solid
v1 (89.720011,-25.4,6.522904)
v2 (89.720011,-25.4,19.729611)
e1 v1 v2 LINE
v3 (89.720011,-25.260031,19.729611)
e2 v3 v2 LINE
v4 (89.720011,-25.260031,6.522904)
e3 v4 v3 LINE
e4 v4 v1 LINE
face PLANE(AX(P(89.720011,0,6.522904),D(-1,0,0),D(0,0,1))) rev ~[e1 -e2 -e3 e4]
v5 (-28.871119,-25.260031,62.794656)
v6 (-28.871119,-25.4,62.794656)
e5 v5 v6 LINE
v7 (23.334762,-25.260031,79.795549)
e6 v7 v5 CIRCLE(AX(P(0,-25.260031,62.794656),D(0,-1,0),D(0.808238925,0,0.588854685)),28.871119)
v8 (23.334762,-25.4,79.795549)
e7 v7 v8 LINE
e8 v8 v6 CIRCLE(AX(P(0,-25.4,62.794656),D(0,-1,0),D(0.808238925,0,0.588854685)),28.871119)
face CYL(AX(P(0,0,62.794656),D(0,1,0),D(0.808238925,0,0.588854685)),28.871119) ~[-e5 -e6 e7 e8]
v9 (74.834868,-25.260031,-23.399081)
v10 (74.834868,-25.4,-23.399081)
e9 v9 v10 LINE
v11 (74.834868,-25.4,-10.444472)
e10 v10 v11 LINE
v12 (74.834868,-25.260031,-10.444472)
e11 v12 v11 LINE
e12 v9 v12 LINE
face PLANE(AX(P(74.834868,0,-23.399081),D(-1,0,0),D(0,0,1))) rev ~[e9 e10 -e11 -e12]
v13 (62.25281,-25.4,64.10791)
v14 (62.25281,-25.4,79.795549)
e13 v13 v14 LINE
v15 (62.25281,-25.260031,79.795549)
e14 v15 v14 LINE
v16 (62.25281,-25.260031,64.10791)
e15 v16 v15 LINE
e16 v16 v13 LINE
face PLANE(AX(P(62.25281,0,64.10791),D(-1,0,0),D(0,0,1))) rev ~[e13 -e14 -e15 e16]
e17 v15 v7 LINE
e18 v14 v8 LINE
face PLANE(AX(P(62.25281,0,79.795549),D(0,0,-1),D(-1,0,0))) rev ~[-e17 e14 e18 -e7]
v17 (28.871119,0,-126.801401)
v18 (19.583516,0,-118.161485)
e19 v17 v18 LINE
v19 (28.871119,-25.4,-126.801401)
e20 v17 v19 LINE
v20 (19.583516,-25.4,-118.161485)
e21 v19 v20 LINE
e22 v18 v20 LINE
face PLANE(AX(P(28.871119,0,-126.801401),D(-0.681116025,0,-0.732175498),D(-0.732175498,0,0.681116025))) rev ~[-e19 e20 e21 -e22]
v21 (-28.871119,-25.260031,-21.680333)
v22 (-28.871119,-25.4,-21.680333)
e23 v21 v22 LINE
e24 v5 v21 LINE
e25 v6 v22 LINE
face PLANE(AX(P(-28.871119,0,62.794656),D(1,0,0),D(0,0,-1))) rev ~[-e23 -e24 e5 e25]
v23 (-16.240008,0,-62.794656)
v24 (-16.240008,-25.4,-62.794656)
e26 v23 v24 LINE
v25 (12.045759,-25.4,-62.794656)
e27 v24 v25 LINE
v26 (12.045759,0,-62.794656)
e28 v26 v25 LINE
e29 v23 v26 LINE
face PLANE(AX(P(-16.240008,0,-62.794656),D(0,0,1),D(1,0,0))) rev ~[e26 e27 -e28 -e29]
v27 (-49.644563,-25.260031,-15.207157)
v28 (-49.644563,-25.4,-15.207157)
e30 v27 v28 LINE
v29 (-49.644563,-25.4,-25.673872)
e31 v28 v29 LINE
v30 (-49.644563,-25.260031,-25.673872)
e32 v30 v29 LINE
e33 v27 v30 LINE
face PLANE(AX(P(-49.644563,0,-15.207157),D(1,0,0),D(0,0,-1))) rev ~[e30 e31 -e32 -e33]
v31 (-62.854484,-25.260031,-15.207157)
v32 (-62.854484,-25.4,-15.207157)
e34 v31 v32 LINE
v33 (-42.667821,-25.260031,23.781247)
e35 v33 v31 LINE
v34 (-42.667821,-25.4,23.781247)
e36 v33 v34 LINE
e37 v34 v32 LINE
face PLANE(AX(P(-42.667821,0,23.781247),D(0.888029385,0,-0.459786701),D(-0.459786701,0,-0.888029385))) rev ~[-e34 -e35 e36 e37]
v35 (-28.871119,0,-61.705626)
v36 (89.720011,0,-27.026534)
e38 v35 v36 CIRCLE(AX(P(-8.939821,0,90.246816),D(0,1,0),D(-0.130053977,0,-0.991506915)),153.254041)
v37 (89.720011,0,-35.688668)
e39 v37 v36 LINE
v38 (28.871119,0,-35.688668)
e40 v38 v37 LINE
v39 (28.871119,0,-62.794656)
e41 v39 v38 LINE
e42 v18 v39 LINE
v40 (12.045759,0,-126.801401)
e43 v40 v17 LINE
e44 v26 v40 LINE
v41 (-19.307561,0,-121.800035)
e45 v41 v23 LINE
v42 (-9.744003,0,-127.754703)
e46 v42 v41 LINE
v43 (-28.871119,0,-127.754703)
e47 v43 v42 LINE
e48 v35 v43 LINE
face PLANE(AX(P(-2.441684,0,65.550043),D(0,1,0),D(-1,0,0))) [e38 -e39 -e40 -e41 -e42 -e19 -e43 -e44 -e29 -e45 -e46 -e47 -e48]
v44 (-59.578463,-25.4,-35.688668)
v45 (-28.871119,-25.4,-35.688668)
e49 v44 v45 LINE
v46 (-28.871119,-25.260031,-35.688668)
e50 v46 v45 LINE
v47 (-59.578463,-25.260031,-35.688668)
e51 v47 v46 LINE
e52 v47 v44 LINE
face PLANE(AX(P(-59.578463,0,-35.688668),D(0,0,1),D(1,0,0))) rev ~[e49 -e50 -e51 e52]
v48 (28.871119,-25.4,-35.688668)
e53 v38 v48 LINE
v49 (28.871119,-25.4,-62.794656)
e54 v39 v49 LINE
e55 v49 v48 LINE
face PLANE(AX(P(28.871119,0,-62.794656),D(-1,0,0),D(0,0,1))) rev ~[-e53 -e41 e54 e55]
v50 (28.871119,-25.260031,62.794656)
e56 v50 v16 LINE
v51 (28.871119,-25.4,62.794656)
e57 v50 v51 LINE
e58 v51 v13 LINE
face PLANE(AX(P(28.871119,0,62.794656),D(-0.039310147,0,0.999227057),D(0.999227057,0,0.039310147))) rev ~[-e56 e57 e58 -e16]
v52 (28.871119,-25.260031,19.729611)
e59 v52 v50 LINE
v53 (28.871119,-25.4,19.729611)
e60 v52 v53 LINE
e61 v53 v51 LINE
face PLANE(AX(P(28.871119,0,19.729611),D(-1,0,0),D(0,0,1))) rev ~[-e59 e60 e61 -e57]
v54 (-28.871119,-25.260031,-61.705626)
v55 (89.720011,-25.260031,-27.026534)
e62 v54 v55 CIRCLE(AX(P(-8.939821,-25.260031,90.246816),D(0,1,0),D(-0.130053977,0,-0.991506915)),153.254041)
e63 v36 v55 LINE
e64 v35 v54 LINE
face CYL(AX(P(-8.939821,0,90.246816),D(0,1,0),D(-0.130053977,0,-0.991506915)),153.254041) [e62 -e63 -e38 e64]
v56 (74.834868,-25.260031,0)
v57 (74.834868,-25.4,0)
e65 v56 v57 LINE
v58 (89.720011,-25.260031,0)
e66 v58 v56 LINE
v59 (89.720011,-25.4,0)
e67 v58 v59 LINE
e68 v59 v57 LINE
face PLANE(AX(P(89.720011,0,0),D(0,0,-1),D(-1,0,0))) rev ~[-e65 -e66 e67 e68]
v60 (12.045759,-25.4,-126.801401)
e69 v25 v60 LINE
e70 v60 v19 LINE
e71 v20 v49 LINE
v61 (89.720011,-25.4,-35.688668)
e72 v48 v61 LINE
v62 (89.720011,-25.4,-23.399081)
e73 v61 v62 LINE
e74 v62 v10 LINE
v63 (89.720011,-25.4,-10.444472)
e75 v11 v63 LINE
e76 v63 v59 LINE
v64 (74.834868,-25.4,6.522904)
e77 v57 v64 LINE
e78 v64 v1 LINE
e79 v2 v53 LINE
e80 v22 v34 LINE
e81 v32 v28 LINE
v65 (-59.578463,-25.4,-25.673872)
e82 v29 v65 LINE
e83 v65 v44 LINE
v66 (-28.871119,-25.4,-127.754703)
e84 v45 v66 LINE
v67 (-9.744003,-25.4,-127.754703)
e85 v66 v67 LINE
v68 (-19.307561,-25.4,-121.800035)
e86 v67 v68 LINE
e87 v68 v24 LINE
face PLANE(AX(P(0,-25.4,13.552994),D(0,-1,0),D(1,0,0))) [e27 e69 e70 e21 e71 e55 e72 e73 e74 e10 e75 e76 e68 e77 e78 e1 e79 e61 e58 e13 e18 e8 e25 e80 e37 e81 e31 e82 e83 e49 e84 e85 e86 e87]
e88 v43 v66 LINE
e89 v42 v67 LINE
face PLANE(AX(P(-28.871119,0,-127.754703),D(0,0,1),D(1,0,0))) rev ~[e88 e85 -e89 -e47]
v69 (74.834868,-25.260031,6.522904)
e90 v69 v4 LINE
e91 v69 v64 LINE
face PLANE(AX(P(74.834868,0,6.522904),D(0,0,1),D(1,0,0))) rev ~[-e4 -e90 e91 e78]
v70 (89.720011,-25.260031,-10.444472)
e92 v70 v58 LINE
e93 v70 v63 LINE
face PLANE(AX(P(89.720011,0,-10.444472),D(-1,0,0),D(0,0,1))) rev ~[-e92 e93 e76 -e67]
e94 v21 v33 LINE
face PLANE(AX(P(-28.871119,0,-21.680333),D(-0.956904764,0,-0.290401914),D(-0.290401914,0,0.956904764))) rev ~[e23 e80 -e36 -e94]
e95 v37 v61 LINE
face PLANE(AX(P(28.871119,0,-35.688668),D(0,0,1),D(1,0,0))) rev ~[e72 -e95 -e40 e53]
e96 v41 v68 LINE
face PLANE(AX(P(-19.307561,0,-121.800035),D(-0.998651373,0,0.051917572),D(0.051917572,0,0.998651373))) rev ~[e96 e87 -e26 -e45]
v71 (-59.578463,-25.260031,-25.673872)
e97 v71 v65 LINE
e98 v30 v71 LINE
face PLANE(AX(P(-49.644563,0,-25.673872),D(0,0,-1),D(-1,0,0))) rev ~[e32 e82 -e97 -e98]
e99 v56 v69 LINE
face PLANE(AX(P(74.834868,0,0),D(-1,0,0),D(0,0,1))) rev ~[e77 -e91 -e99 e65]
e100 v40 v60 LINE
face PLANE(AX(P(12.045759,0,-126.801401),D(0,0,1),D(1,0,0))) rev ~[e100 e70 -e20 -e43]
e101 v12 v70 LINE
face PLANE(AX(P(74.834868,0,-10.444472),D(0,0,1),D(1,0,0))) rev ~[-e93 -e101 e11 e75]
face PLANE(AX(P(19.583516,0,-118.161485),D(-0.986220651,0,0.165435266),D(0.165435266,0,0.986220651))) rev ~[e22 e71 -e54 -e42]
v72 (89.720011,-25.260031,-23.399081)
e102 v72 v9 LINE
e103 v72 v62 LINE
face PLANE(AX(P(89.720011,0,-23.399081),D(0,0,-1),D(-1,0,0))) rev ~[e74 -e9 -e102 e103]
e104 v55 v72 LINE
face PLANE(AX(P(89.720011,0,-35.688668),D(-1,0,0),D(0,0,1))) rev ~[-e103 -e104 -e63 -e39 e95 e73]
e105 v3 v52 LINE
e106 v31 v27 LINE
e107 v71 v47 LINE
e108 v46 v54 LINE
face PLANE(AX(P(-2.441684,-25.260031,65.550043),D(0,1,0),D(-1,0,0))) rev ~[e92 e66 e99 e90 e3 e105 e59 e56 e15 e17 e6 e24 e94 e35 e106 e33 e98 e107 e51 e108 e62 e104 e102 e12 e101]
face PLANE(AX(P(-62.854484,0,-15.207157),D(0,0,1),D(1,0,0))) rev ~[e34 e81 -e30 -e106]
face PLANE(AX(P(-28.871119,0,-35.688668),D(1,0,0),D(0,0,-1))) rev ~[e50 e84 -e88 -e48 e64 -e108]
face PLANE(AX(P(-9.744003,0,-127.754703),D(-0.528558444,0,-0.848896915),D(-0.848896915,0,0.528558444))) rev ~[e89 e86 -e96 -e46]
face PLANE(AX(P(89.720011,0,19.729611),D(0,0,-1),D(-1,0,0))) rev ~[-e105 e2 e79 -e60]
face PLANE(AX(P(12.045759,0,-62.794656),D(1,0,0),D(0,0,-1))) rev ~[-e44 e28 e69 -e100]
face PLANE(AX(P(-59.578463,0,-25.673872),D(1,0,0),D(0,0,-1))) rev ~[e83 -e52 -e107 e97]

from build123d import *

# Parameters (mm, degrees)
F1_DEPTH = 25.4
F3_DEPTH = 25.2600312233


with BuildPart() as f1:
    # F0 (on Front) → F1 (new body)
    with BuildSketch(Plane.XZ):
        Polygon((28.8711190224, 19.7296105325), (28.8711190224, 62.7946555614), (-28.8711190224, 62.7946555614), (-28.8711190224, -21.6803327203), (-28.8711190224, -35.6886684895), (28.8711190224, -35.6886684895), align=None)
        with BuildLine():
            Line((-28.8711190224, 62.7946555614), (28.8711190224, 62.7946555614))
            ThreePointArc((28.8711190224, 62.7946555614), (27.4521603023, 71.7344770551), (23.3347622032, 79.7955492593))
            ThreePointArc((23.3347622032, 79.7955492593), (-8.9398214937, 90.2468158638), (-28.8711190224, 62.7946555614))
        make_face()
        with BuildLine():
            ThreePointArc((23.3347622032, 79.7955492593), (27.4521603023, 71.7344770551), (28.8711190224, 62.7946555614))
            Line((28.8711190224, 62.7946555614), (62.2528098973, 64.1079097986))
            Line((62.2528098973, 64.1079097986), (62.2528098973, 79.7955492593))
            Line((62.2528098973, 79.7955492593), (23.3347622032, 79.7955492593))
        make_face()
        Polygon((74.5094120502, 19.7296105325), (28.8711190224, 19.7296105325), (28.8711190224, -35.6886684895), (89.7200107574, -35.6886684895), (89.7200107574, -23.3990810812), (74.8348683119, -23.3990810812), (74.8348683119, -10.4444716126), (89.7200107574, -10.4444716126), (89.7200107574, 0), (74.8348683119, 0), (74.8348683119, 6.5229041502), (89.7200107574, 6.5229041502), (89.7200107574, 19.7296105325), align=None)
        Polygon((-28.8711190224, -35.6886684895), (-28.8711190224, -21.6803327203), (-42.6678210497, 23.781247437), (-62.8544837236, -15.207156539), (-49.6445633471, -15.207156539), (-49.6445633471, -25.6738718599), (-59.5784634352, -25.6738718599), (-59.5784634352, -35.6886684895), align=None)
        Polygon((28.8711190224, -62.7946555614), (28.8711190224, -35.6886684895), (-28.8711190224, -35.6886684895), (-28.8711190224, -62.7946555614), (-16.2400081754, -62.7946555614), (12.0457587764, -62.7946555614), align=None)
        Polygon((19.5835158229, -118.1614845991), (28.8711190224, -62.7946555614), (12.0457587764, -62.7946555614), (12.0457587764, -126.8014013767), (28.8711190224, -126.8014013767), align=None)
        Polygon((-16.2400081754, -62.7946555614), (-28.8711190224, -62.7946555614), (-28.8711190224, -115.8453673124), (-19.3075612187, -121.8000352383), align=None)
        Polygon((-19.3075612187, -121.8000352383), (-28.8711190224, -115.8453673124), (-28.8711190224, -127.7547031641), (-9.7440034151, -127.7547031641), align=None)
    extrude(amount=F1_DEPTH)

    # F2 (on face) → F3 (join)
    with BuildSketch(Plane(origin=(0, 0, 0), x_dir=(-1, 0, 0), z_dir=(0, 1, 0))):
        with BuildLine():
            ThreePointArc((28.8711190224, -61.7056259644), (124.1382439979, -10.8280309146), (162.1938628718, 90.2468158638))
            ThreePointArc((162.1938628718, 90.2468158638), (-55.7393219165, 229.1835266585), (-89.7200107575, -27.0265344717))
            Line((-89.7200107574, -27.0265344717), (-89.7200107574, -23.3990810812))
            Line((-89.7200107574, -23.3990810812), (-74.8348683119, -23.3990810812))
            Line((-74.8348683119, -23.3990810812), (-74.8348683119, -10.4444716126))
            Line((-74.8348683119, -10.4444716126), (-89.7200107574, -10.4444716126))
            Line((-89.7200107574, -10.4444716126), (-89.7200107574, 0))
            Line((-89.7200107574, 0), (-74.8348683119, 0))
            Line((-74.8348683119, 0), (-74.8348683119, 6.5229041502))
            Line((-74.8348683119, 6.5229041502), (-89.7200107574, 6.5229041502))
            Line((-89.7200107574, 6.5229041502), (-89.7200107574, 19.7296105325))
            Line((-89.7200107574, 19.7296105325), (-28.8711190224, 19.7296105325))
            Line((-28.8711190224, 19.7296105325), (-28.8711190224, 62.7946555614))
            Line((-28.8711190224, 62.7946555614), (-62.2528098973, 64.1079097986))
            Line((-62.2528098973, 64.1079097986), (-62.2528098973, 79.7955492593))
            Line((-62.2528098973, 79.7955492593), (-23.3347622032, 79.7955492593))
            ThreePointArc((-23.3347622032, 79.7955492593), (8.9398214937, 90.2468158638), (28.8711190224, 62.7946555614))
            Line((28.8711190224, 62.7946555614), (28.8711190224, -21.6803327203))
            Line((28.8711190224, -21.6803327203), (42.6678210497, 23.781247437))
            Line((42.6678210497, 23.781247437), (62.8544837236, -15.207156539))
            Line((62.8544837236, -15.207156539), (49.6445633471, -15.207156539))
            Line((49.6445633471, -15.207156539), (49.6445633471, -25.6738718599))
            Line((49.6445633471, -25.6738718599), (59.5784634352, -25.6738718599))
            Line((59.5784634352, -25.6738718599), (59.5784634352, -35.6886684895))
            Line((59.5784634352, -35.6886684895), (28.8711190224, -35.6886684895))
            Line((28.8711190224, -35.6886684895), (28.8711190224, -61.7056259644))
        make_face()
    extrude(amount=-F3_DEPTH)


solid = f1.part
